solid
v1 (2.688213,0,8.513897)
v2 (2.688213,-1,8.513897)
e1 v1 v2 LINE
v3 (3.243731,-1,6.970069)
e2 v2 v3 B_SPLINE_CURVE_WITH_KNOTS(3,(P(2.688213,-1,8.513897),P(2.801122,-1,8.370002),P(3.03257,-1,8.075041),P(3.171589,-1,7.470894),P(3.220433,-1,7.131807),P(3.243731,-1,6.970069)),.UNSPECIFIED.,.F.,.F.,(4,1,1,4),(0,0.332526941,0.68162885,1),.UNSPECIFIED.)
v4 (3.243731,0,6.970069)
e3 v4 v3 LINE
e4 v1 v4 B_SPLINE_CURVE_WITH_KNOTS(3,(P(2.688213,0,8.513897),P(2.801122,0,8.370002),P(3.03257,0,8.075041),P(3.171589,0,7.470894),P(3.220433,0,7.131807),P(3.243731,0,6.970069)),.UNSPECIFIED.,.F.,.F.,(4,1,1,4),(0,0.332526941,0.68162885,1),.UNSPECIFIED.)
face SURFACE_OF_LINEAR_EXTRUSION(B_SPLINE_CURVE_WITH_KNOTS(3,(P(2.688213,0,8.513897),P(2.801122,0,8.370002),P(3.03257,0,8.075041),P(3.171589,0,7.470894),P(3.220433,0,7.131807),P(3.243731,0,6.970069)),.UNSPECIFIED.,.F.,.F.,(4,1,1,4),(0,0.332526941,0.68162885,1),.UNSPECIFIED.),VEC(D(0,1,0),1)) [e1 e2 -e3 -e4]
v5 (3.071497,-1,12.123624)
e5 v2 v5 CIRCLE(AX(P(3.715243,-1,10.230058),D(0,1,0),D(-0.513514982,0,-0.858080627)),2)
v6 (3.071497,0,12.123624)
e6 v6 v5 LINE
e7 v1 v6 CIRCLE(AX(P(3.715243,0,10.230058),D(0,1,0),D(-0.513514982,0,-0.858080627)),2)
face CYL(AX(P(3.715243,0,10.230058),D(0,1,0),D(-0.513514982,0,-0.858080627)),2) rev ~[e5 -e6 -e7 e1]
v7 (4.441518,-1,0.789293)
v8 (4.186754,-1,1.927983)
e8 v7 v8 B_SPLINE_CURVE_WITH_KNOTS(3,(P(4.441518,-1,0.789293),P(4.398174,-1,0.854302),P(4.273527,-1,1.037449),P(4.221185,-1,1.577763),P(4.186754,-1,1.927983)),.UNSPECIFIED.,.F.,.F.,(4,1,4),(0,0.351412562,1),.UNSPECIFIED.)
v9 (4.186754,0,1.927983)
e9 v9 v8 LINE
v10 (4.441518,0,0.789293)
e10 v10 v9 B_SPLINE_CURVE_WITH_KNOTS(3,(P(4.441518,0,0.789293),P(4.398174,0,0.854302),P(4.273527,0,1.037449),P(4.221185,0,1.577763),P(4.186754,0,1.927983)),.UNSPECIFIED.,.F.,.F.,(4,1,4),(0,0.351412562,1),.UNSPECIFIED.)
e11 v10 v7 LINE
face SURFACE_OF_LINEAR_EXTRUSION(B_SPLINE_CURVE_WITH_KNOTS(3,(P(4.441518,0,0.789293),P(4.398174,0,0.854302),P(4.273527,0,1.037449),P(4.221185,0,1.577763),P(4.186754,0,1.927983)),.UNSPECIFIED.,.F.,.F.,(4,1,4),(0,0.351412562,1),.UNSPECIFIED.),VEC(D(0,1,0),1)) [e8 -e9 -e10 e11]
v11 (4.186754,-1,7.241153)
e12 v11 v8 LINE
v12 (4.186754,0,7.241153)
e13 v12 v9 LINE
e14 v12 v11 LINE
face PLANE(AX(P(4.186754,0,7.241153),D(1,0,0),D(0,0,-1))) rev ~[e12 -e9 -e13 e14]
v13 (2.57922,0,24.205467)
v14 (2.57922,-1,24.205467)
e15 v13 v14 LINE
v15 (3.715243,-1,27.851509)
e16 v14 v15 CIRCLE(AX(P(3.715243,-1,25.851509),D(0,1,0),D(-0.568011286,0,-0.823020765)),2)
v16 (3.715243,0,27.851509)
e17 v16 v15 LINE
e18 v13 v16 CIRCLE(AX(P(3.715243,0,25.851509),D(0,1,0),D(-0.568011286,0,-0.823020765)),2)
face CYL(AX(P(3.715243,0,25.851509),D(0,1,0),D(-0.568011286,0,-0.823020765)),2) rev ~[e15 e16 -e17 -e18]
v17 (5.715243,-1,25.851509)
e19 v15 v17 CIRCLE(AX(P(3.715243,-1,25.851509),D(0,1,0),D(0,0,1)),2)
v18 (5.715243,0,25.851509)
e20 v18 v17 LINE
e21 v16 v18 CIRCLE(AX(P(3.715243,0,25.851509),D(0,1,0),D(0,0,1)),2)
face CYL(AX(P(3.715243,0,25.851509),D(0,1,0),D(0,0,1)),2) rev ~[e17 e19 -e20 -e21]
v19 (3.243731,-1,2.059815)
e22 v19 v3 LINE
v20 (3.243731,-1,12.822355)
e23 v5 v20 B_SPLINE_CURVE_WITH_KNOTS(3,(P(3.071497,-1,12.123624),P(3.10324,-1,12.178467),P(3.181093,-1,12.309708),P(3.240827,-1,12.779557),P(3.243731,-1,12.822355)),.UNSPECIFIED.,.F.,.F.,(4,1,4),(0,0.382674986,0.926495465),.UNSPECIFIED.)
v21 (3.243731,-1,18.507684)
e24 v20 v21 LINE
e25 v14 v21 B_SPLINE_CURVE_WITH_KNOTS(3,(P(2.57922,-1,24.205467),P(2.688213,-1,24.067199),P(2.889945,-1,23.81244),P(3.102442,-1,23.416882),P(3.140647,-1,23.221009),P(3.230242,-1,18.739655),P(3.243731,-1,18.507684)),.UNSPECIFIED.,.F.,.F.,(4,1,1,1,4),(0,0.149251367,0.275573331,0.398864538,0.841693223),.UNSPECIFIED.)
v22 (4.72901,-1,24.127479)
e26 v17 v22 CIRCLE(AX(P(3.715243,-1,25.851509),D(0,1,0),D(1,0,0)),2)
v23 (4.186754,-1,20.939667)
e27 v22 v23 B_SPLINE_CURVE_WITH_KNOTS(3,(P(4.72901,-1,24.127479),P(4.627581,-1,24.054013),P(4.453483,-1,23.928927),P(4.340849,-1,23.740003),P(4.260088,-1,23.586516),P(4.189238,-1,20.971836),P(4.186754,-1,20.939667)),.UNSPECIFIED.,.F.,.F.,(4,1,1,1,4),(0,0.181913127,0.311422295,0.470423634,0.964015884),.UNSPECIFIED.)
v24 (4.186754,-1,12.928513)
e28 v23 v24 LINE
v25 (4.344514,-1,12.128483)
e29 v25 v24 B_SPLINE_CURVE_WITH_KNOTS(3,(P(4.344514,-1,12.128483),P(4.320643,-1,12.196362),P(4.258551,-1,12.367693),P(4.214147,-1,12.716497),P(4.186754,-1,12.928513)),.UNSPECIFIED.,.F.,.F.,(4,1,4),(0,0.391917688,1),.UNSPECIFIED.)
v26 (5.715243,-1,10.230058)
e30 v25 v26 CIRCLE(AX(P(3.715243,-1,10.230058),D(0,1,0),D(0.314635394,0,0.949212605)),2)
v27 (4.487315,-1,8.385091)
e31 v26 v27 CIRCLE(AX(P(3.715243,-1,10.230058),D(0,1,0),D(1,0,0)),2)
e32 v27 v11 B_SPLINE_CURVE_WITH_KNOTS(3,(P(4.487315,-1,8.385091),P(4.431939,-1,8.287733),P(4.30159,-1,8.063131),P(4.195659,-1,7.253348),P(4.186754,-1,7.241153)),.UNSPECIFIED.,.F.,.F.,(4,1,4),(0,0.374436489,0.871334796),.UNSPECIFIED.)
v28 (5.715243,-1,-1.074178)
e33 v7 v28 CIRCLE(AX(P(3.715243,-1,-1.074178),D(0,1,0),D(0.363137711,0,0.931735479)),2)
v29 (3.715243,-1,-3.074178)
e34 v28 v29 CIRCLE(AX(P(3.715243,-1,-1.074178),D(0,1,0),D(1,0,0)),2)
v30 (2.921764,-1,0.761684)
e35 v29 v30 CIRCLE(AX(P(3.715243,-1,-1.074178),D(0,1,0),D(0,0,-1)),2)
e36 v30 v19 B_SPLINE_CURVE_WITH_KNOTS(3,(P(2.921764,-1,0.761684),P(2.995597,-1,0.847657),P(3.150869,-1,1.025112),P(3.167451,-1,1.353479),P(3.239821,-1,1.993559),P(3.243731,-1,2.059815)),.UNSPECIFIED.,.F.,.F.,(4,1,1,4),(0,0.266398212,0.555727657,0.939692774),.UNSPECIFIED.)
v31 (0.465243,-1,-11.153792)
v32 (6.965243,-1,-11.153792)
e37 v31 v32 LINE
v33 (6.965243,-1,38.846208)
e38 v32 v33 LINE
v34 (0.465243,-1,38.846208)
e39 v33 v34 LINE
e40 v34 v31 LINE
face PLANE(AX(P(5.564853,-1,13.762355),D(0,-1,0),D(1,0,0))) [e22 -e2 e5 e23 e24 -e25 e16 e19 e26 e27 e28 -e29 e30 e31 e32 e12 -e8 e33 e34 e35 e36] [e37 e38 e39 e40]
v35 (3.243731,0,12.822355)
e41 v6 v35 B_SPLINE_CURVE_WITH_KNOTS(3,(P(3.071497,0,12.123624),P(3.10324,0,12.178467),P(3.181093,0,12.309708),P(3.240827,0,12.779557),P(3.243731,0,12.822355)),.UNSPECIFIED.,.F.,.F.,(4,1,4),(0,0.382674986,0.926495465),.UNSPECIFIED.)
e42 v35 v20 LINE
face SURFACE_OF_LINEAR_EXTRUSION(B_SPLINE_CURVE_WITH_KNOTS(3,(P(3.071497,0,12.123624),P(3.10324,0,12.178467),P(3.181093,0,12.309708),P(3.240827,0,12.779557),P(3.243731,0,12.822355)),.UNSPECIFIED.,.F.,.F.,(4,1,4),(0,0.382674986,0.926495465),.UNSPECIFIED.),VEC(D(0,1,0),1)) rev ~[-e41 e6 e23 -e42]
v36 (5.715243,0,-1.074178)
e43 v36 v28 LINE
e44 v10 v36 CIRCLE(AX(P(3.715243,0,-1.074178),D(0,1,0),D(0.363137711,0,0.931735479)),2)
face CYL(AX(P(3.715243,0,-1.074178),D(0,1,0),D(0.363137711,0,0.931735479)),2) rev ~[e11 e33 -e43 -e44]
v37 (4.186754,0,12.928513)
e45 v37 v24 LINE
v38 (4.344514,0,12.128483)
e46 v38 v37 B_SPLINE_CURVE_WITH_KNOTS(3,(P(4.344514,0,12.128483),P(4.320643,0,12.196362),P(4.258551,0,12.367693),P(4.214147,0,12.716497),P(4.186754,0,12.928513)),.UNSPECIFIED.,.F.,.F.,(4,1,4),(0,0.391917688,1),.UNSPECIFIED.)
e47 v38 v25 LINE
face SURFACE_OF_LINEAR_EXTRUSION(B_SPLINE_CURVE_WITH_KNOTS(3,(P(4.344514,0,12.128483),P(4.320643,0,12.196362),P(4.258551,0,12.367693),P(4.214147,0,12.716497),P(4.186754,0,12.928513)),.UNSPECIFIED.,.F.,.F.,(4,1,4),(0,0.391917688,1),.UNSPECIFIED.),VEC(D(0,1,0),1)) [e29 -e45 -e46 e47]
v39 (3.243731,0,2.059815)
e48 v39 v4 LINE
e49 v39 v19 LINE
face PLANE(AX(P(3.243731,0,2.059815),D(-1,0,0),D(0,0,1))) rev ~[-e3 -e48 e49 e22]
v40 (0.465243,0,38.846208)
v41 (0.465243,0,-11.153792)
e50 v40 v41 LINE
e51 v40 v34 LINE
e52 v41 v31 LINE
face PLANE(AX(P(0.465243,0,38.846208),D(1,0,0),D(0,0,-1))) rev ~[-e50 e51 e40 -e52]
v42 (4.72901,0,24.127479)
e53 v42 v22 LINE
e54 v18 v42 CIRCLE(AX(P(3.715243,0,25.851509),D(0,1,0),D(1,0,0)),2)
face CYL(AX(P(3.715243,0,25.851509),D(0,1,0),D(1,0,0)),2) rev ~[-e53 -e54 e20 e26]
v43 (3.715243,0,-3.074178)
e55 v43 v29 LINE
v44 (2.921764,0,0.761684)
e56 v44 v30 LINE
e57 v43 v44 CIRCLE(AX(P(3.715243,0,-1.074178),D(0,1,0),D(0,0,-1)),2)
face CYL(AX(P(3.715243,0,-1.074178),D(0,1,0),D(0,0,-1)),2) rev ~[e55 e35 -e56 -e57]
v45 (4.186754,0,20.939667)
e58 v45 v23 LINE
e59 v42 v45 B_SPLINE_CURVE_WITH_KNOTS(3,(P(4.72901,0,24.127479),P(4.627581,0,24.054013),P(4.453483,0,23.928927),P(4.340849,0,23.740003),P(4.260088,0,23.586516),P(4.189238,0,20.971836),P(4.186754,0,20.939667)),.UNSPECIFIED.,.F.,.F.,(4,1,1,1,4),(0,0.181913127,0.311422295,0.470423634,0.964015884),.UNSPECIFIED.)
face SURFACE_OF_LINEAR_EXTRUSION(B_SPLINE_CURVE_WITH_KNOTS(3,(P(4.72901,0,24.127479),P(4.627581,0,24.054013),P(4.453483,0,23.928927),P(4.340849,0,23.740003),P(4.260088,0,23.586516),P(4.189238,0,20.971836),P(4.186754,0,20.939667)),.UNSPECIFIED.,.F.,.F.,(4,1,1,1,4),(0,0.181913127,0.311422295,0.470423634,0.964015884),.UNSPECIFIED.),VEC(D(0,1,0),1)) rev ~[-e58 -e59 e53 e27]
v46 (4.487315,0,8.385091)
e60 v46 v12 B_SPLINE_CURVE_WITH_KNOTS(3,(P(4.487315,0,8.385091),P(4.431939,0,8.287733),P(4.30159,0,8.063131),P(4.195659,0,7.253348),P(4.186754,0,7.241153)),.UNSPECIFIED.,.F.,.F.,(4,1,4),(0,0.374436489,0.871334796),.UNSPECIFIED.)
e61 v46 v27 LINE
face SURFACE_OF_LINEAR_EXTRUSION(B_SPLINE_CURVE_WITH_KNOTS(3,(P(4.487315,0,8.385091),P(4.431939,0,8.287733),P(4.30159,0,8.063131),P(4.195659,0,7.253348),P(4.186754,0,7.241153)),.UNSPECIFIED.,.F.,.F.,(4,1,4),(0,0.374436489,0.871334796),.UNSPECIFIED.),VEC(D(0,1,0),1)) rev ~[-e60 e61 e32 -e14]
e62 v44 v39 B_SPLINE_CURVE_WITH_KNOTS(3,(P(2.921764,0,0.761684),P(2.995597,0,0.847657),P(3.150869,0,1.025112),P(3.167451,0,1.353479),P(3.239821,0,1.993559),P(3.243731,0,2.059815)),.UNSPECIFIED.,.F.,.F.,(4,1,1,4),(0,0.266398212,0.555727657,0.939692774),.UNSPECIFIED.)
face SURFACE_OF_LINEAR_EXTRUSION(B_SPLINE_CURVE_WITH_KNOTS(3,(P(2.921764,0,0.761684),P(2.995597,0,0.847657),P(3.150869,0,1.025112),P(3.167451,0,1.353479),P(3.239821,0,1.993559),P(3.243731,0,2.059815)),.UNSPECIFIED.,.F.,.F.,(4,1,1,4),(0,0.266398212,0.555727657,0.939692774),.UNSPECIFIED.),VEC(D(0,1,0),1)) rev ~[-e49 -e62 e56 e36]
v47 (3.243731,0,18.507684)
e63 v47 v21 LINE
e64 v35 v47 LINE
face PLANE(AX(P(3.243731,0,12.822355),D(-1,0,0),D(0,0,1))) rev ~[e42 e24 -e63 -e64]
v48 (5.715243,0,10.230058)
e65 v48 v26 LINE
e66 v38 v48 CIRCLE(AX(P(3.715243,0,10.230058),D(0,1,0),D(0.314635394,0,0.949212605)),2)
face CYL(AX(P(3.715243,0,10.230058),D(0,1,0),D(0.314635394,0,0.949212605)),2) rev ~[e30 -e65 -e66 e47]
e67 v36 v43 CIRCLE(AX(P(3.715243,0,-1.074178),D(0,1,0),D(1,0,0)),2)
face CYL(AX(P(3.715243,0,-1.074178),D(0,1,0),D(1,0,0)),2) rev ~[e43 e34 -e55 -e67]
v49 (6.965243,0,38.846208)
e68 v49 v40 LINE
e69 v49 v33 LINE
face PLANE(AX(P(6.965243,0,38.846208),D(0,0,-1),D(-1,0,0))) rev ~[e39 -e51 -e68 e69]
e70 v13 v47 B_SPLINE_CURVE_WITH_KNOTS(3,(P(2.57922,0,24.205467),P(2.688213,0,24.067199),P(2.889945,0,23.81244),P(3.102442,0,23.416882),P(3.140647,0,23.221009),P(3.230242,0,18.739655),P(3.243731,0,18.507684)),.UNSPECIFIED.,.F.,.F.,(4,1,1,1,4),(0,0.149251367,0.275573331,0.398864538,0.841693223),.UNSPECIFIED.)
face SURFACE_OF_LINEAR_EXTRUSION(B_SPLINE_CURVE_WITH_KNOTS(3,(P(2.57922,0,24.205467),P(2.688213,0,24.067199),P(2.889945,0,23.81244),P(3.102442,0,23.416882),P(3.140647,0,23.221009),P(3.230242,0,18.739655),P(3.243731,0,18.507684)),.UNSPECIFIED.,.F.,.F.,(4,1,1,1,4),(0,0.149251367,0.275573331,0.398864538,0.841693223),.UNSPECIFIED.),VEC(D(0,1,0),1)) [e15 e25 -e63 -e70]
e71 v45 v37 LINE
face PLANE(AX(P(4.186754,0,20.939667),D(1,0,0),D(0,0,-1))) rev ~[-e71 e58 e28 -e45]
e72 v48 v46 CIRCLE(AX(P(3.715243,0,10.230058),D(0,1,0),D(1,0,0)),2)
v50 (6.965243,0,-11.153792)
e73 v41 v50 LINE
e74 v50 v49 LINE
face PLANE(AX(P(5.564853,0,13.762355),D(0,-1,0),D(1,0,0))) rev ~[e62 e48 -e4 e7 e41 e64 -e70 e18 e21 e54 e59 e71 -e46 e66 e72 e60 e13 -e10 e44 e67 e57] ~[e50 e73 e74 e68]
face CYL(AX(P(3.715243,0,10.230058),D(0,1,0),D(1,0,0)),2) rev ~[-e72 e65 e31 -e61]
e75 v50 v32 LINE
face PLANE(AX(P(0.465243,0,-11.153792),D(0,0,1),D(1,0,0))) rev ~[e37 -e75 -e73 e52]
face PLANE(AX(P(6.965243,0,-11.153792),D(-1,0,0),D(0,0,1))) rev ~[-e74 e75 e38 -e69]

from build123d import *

# Parameters (mm, degrees)
F1_DEPTH = 1


with BuildPart() as f1:
    # F0 (on Front) → F1 (new body)
    with BuildSketch(Plane.XZ):
        with BuildLine():
            Line((6.9652427249, 38.8462082677), (3.7152427249, 38.8462082677))
            Line((3.7152427249, 38.8462082677), (3.7152427249, 27.8515086025))
            ThreePointArc((3.7152427249, 27.8515086025), (5.1294562872, 27.2657221649), (5.7152427249, 25.8515086025))
            ThreePointArc((5.7152427249, 25.8515086025), (5.4512631212, 24.8584158659), (4.7290095414, 24.1274793563))
            add(Edge.make_bspline(
                [(4.7290095414, 24.1274793563), (4.6275814273, 24.0540127102), (4.4534828395, 23.9289265376), (4.3408488044, 23.740002592), (4.2600879604, 23.5865160499), (4.1892384813, 20.9718360692), (4.1867544714, 20.9396667778)],
                knots=[0, 0, 0, 0, 0.181913127, 0.311422295, 0.4704236336, 0.9640158841, 0.9640158841, 0.9640158841, 0.9640158841], degree=3))
            Line((4.1867544714, 20.9396667778), (4.1867544714, 12.9285128787))
            add(Edge.make_bspline(
                [(4.3445135127, 12.1284830822), (4.3206430175, 12.1963615575), (4.2585512669, 12.3676925683), (4.2141467595, 12.716496961), (4.1867544714, 12.9285128787)],
                knots=[0, 0, 0, 0, 0.391917688, 1, 1, 1, 1], degree=3))
            ThreePointArc((4.3445135127, 12.1284830822), (5.3367453576, 11.4008393265), (5.7152427249, 10.2300578728))
            ThreePointArc((5.7152427249, 10.2300578728), (5.3801968888, 9.1219389118), (4.487315093, 8.3850905944))
            add(Edge.make_bspline(
                [(4.487315093, 8.3850905944), (4.43193928, 8.2877334657), (4.3015903456, 8.0631310006), (4.1956594664, 7.2533478123), (4.1867544714, 7.2411531582)],
                knots=[0, 0, 0, 0, 0.3744364892, 0.8713347964, 0.8713347964, 0.8713347964, 0.8713347964], degree=3))
            Line((4.1867544714, 7.2411531582), (4.1867544714, 1.9279832486))
            add(Edge.make_bspline(
                [(4.4415181477, 0.7892925805), (4.3981735735, 0.8543018415), (4.2735271616, 1.0374486552), (4.2211849783, 1.5777627439), (4.1867544714, 1.9279832486)],
                knots=[0, 0, 0, 0, 0.351412562, 1, 1, 1, 1], degree=3))
            ThreePointArc((4.4415181477, 0.7892925805), (5.366386396, 0.0544156939), (5.7152427249, -1.0741783772))
            ThreePointArc((5.7152427249, -1.0741783772), (5.1294562872, -2.4883919395), (3.7152427249, -3.0741783772))
            Line((3.7152427249, -3.0741783772), (3.7152427249, -11.1537917323))
            Line((3.7152427249, -11.1537917323), (6.9652427249, -11.1537917323))
            Line((6.9652427249, -11.1537917323), (6.9652427249, 38.8462082677))
        make_face()
        with BuildLine():
            Line((3.7152427249, 38.8462082677), (0.4652427249, 38.8462082677))
            Line((0.4652427249, 38.8462082677), (0.4652427249, -11.1537917323))
            Line((0.4652427249, -11.1537917323), (3.7152427249, -11.1537917323))
            Line((3.7152427249, -11.1537917323), (3.7152427249, -3.0741783772))
            ThreePointArc((3.7152427249, -3.0741783772), (1.7567068491, -1.4793169008), (2.9217643917, 0.7616843995))
            add(Edge.make_bspline(
                [(2.9217643917, 0.7616843995), (2.9955967273, 0.8476569647), (3.1508691278, 1.0251115313), (3.167451117, 1.3534791692), (3.2398210206, 1.9935589713), (3.2437309783, 2.0598154515)],
                knots=[0, 0, 0, 0, 0.2663982123, 0.5557276571, 0.939692774, 0.939692774, 0.939692774, 0.939692774], degree=3))
            Line((3.2437309783, 2.0598154515), (3.2437309783, 2.076294506))
            Line((3.2437309783, 2.076294506), (3.2437309783, 6.9700689055))
            add(Edge.make_bspline(
                [(2.6882127608, 8.5138966179), (2.8011224892, 8.3700023623), (3.0325699865, 8.0750413717), (3.1715890881, 7.4708940219), (3.2204332845, 7.1318067002), (3.2437309783, 6.9700689055)],
                knots=[0, 0, 0, 0, 0.3325269413, 0.6816288502, 1, 1, 1, 1], degree=3))
            ThreePointArc((2.6882127608, 8.5138966179), (1.726422686, 10.4412328079), (3.0714972614, 12.1236237624))
            add(Edge.make_bspline(
                [(3.0714972614, 12.1236237624), (3.103239621, 12.1784670425), (3.1810934977, 12.3097082252), (3.240827298, 12.7795572617), (3.2437309783, 12.8223551437)],
                knots=[0, 0, 0, 0, 0.382674986, 0.9264954646, 0.9264954646, 0.9264954646, 0.9264954646], degree=3))
            Line((3.2437309783, 12.8223551437), (3.2437309783, 12.8312017769))
            Line((3.2437309783, 12.8312017769), (3.2437309783, 18.5076836497))
            add(Edge.make_bspline(
                [(2.5792201528, 24.2054670733), (2.6882127608, 24.0671992935), (2.8899452233, 23.8124403077), (3.102442087, 23.4168815454), (3.1406473815, 23.221008711), (3.2302419226, 18.7396546183), (3.2437309783, 18.5076836497)],
                knots=[0, 0, 0, 0, 0.1492513665, 0.2755733309, 0.3988645385, 0.8416932228, 0.8416932228, 0.8416932228, 0.8416932228], degree=3))
            ThreePointArc((2.5792201528, 24.2054670733), (1.8057816676, 26.446452693), (3.7152427249, 27.8515086025))
            Line((3.7152427249, 27.8515086025), (3.7152427249, 38.8462082677))
        make_face()
    extrude(amount=F1_DEPTH)


solid = f1.part
